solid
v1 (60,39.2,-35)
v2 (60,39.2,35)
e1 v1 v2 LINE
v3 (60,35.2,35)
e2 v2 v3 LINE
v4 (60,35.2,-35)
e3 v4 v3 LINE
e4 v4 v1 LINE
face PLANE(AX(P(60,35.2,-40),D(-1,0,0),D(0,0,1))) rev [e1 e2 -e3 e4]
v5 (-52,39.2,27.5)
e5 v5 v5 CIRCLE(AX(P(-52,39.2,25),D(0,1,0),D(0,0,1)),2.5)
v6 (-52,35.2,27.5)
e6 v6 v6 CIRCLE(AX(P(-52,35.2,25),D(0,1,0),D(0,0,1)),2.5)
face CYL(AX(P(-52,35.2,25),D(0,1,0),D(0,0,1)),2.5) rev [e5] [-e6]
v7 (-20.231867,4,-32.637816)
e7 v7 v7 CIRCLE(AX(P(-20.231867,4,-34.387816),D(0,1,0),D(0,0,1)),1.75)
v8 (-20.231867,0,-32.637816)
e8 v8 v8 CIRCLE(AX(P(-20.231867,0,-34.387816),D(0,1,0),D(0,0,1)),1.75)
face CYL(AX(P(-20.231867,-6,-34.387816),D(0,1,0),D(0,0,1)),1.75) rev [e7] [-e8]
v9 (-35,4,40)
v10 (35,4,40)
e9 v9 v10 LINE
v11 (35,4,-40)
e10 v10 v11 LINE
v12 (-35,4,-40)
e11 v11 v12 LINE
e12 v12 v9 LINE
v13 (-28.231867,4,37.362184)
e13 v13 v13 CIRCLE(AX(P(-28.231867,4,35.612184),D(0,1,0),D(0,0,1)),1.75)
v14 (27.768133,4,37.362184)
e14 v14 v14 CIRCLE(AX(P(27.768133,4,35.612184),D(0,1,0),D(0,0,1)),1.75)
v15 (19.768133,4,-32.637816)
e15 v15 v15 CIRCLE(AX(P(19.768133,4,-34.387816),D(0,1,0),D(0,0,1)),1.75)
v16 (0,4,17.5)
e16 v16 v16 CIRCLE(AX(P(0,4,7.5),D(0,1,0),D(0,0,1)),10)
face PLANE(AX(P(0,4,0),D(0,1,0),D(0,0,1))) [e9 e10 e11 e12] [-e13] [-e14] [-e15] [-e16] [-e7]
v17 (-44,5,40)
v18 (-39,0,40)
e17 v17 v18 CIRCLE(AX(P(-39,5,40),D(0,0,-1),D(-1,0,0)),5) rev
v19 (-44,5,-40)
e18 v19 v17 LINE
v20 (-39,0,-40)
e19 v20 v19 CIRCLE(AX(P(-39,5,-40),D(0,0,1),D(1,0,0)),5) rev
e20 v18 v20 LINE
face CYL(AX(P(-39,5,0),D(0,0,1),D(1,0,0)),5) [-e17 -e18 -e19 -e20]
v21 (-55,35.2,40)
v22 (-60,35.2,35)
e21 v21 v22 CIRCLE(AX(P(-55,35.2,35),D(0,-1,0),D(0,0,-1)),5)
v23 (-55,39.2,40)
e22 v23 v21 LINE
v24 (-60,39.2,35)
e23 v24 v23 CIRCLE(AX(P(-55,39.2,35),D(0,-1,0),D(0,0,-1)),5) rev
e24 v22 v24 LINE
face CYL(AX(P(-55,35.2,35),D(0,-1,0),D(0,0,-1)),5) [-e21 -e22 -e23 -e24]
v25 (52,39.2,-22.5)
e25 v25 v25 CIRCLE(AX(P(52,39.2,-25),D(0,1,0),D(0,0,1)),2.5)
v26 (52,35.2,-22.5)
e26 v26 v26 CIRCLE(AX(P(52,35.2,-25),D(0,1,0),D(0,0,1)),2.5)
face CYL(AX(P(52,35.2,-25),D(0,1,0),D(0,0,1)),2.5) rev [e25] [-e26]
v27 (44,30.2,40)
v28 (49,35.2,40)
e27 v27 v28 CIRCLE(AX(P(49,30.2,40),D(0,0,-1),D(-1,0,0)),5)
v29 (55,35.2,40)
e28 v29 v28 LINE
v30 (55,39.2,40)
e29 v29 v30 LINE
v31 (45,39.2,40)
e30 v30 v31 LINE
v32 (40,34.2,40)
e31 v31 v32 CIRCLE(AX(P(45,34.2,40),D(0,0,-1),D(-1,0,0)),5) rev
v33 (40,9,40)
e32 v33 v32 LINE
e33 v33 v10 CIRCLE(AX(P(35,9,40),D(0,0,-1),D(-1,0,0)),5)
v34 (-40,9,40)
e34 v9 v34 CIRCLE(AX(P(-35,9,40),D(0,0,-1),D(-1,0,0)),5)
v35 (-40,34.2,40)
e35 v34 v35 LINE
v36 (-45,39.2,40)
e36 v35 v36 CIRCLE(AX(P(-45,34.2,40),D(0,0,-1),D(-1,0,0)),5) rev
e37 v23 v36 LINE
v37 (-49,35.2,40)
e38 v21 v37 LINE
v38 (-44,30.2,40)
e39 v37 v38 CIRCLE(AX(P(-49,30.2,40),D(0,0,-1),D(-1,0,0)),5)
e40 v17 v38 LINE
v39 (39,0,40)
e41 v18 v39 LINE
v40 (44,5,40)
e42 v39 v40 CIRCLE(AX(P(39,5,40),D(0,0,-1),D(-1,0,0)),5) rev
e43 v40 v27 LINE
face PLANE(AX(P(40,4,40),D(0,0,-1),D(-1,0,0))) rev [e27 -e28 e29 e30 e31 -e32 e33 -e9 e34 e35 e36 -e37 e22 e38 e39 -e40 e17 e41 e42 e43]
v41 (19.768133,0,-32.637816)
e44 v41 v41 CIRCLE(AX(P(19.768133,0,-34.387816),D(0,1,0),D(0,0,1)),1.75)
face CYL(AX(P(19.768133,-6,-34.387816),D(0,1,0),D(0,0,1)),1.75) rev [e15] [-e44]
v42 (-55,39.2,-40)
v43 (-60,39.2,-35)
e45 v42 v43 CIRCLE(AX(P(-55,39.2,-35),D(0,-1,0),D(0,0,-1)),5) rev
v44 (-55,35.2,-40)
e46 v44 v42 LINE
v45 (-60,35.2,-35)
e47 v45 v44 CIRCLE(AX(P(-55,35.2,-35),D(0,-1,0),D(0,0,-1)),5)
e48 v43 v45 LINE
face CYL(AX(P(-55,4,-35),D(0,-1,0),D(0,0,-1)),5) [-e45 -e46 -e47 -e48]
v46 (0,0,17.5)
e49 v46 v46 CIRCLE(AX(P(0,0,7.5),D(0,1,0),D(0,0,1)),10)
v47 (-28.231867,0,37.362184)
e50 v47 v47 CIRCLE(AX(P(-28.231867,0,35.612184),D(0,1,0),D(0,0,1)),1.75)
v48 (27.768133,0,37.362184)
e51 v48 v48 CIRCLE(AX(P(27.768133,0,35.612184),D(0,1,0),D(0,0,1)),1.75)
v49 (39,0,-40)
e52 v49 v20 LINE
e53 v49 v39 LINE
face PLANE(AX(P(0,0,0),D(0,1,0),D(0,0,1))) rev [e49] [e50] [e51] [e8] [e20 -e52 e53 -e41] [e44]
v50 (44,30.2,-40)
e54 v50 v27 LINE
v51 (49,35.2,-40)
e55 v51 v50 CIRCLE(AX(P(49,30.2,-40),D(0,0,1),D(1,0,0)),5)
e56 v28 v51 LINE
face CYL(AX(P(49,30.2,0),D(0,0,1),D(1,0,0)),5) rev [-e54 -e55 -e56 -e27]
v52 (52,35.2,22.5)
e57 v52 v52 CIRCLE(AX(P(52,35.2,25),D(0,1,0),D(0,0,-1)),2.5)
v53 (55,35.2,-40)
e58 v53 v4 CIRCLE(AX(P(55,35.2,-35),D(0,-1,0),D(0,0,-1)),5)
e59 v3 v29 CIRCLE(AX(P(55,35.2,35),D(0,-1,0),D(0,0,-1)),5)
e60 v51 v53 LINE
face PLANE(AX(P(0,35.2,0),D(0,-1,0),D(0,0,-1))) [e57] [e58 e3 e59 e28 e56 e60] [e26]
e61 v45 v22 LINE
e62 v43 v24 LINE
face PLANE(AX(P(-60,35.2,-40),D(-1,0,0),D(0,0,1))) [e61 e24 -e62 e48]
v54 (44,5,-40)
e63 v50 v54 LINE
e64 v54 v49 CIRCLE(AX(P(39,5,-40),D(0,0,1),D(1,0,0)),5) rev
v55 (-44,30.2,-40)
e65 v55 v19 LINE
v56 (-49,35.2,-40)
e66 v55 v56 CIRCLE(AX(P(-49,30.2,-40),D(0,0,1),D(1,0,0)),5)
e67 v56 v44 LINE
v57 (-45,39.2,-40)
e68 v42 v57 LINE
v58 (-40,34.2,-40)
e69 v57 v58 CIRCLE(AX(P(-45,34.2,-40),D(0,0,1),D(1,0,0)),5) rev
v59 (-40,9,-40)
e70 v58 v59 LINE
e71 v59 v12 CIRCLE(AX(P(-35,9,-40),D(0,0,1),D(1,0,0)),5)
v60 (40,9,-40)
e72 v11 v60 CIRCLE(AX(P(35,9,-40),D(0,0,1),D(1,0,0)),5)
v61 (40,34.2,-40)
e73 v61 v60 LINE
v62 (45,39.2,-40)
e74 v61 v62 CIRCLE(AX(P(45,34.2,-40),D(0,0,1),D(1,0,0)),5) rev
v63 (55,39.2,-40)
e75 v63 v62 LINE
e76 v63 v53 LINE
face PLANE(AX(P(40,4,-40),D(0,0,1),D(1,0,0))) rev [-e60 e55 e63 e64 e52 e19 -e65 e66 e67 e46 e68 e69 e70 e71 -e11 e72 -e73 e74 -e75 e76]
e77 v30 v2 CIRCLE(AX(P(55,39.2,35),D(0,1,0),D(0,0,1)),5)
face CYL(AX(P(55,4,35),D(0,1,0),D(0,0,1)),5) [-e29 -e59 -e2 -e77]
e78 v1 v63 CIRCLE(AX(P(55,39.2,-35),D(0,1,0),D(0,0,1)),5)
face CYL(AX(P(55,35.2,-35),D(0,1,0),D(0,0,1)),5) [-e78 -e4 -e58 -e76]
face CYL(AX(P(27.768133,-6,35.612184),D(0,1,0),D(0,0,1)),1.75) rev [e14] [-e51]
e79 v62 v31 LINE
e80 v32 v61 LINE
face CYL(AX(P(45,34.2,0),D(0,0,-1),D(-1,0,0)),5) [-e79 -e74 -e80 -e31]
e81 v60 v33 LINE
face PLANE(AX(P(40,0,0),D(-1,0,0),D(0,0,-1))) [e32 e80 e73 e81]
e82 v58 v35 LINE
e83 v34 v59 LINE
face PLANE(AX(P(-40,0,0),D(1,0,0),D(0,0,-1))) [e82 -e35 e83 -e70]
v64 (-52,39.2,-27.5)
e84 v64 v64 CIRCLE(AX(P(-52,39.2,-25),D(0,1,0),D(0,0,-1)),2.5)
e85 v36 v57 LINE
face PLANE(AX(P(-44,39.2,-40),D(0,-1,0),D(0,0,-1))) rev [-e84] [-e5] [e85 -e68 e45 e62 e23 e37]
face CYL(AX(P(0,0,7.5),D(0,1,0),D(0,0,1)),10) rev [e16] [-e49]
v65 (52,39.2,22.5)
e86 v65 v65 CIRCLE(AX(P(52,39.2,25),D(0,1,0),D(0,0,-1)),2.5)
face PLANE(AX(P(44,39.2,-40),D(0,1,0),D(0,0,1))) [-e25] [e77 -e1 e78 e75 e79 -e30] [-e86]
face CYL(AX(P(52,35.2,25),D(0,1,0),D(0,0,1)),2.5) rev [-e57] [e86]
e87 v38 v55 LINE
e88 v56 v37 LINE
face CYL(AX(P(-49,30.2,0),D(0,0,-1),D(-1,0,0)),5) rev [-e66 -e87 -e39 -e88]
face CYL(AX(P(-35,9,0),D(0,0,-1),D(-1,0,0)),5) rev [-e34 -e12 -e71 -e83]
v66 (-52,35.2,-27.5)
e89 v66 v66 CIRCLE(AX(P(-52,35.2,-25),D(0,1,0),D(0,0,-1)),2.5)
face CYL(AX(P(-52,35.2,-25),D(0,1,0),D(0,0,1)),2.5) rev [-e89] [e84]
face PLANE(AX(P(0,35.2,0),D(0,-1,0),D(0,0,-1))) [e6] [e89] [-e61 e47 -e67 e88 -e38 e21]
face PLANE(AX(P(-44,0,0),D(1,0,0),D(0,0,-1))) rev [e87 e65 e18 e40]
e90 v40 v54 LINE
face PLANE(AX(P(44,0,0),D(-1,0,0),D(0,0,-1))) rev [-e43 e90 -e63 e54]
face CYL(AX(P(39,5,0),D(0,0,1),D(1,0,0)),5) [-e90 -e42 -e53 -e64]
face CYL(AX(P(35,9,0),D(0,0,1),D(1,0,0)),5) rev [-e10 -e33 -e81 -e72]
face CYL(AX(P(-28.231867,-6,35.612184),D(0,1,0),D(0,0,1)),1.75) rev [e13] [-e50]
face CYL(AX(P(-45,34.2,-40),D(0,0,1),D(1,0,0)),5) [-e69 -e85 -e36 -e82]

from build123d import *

# Parameters (mm, degrees)
SKETCH2_W           = 80
SKETCH2_H           = 80
BOSS_EXTRUDE1_DEPTH = 4
SKETCH3_R           = 10
CUT_EXTRUDE1_DEPTH  = 4
SKETCH4_R           = 1.75
CUT_EXTRUDE2_DEPTH  = 10
SKETCH7_W           = 80
SKETCH7_H           = 39.2
BOSS_EXTRUDE3_DEPTH = 4
SKETCH8_W           = 20
SKETCH8_H           = 80
BOSS_EXTRUDE4_DEPTH = 4
SKETCH9_R           = 2.5
CUT_EXTRUDE3_DEPTH  = 4
FILLET1_R           = 5


with BuildPart() as part:
    # Sketch2 → Boss-Extrude1 (new body)
    with BuildSketch(Plane(origin=(0, 0, 0), x_dir=(1, 0, 0), z_dir=(0, 1, 0))):
        Rectangle(SKETCH2_W, SKETCH2_H)
    extrude(amount=BOSS_EXTRUDE1_DEPTH)

    # Sketch3 → Cut-Extrude1 (cut)
    with BuildSketch(Plane(origin=(0, 4, 0), x_dir=(1, 0, 0), z_dir=(0, 1, 0))):
        with Locations(Location((0, -7.5, 0), (0, 0, 270))):
            Circle(SKETCH3_R)
    extrude(amount=-CUT_EXTRUDE1_DEPTH, mode=Mode.SUBTRACT)

    # Sketch4 → Cut-Extrude2 (cut)
    with BuildSketch(Plane(origin=(0, 4, 0), x_dir=(1, 0, 0), z_dir=(0, 1, 0))):
        with Locations(Location((-28.231866882, -35.612184397, 0), (0, 0, 270))):
            Circle(SKETCH4_R)
        with Locations(Location((27.768133118, -35.612184397, 0), (0, 0, 270))):
            Circle(SKETCH4_R)
        with Locations(Location((19.768133118, 34.387815603, 0), (0, 0, 270))):
            Circle(SKETCH4_R)
        with Locations(Location((-20.231866882, 34.387815603, 0), (0, 0, 270))):
            Circle(SKETCH4_R)
    extrude(amount=-CUT_EXTRUDE2_DEPTH, mode=Mode.SUBTRACT)

    # Sketch7 → Boss-Extrude3 (add)
    with BuildSketch(Plane.ZY.offset(40)):
        with Locations((0, 19.6)):
            Rectangle(SKETCH7_W, SKETCH7_H)
    boss_extrude3 = extrude(amount=BOSS_EXTRUDE3_DEPTH)

    # Mirror2: Boss-Extrude3 across plane
    add(boss_extrude3.mirror(Plane(origin=(0, 0, 0), x_dir=(0, 0, 1), z_dir=(1, 0, 0))))

    # Sketch8 → Boss-Extrude4 (add)
    with BuildSketch(Plane(origin=(0, 39.2, 0), x_dir=(1, 0, 0), z_dir=(0, 1, 0))):
        with Locations((-50, 0)):
            Rectangle(SKETCH8_W, SKETCH8_H)
    boss_extrude4 = extrude(amount=-BOSS_EXTRUDE4_DEPTH)

    # Mirror3: Boss-Extrude4 across plane
    add(boss_extrude4.mirror(Plane(origin=(0, 0, 0), x_dir=(0, 0, 1), z_dir=(1, 0, 0))))

    # Sketch9 → Cut-Extrude3 (cut)
    with BuildSketch(Plane(origin=(0, 39.2, 0), x_dir=(1, 0, 0), z_dir=(0, 1, 0))):
        with Locations(Location((-52, -25, 0), (0, 0, 270))):
            Circle(SKETCH9_R)
        with Locations(Location((-52, 25, 0), (0, 0, 90))):
            Circle(SKETCH9_R)
        with Locations(Location((52, 25, 0), (0, 0, 270))):
            Circle(SKETCH9_R)
        with Locations(Location((52, -25, 0), (0, 0, 90))):
            Circle(SKETCH9_R)
    extrude(amount=-CUT_EXTRUDE3_DEPTH, mode=Mode.SUBTRACT)

    # Fillet1
    fillet1_edges = [part.edges().sort_by_distance(p)[0] for p in [
        (40, 4, 0),
        (-40, 4, 0),
        (-40, 39.2, 0),
        (-44, 0, 0),
        (40, 39.2, 0),
        (44, 0, 0),
        (-44, 35.2, 0),
        (-60, 37.2, -40),
        (-60, 37.2, 40),
        (44, 35.2, 0),
        (60, 37.2, 40),
        (60, 37.2, -40),
    ]]
    fillet(fillet1_edges, radius=FILLET1_R)


solid = part.part
